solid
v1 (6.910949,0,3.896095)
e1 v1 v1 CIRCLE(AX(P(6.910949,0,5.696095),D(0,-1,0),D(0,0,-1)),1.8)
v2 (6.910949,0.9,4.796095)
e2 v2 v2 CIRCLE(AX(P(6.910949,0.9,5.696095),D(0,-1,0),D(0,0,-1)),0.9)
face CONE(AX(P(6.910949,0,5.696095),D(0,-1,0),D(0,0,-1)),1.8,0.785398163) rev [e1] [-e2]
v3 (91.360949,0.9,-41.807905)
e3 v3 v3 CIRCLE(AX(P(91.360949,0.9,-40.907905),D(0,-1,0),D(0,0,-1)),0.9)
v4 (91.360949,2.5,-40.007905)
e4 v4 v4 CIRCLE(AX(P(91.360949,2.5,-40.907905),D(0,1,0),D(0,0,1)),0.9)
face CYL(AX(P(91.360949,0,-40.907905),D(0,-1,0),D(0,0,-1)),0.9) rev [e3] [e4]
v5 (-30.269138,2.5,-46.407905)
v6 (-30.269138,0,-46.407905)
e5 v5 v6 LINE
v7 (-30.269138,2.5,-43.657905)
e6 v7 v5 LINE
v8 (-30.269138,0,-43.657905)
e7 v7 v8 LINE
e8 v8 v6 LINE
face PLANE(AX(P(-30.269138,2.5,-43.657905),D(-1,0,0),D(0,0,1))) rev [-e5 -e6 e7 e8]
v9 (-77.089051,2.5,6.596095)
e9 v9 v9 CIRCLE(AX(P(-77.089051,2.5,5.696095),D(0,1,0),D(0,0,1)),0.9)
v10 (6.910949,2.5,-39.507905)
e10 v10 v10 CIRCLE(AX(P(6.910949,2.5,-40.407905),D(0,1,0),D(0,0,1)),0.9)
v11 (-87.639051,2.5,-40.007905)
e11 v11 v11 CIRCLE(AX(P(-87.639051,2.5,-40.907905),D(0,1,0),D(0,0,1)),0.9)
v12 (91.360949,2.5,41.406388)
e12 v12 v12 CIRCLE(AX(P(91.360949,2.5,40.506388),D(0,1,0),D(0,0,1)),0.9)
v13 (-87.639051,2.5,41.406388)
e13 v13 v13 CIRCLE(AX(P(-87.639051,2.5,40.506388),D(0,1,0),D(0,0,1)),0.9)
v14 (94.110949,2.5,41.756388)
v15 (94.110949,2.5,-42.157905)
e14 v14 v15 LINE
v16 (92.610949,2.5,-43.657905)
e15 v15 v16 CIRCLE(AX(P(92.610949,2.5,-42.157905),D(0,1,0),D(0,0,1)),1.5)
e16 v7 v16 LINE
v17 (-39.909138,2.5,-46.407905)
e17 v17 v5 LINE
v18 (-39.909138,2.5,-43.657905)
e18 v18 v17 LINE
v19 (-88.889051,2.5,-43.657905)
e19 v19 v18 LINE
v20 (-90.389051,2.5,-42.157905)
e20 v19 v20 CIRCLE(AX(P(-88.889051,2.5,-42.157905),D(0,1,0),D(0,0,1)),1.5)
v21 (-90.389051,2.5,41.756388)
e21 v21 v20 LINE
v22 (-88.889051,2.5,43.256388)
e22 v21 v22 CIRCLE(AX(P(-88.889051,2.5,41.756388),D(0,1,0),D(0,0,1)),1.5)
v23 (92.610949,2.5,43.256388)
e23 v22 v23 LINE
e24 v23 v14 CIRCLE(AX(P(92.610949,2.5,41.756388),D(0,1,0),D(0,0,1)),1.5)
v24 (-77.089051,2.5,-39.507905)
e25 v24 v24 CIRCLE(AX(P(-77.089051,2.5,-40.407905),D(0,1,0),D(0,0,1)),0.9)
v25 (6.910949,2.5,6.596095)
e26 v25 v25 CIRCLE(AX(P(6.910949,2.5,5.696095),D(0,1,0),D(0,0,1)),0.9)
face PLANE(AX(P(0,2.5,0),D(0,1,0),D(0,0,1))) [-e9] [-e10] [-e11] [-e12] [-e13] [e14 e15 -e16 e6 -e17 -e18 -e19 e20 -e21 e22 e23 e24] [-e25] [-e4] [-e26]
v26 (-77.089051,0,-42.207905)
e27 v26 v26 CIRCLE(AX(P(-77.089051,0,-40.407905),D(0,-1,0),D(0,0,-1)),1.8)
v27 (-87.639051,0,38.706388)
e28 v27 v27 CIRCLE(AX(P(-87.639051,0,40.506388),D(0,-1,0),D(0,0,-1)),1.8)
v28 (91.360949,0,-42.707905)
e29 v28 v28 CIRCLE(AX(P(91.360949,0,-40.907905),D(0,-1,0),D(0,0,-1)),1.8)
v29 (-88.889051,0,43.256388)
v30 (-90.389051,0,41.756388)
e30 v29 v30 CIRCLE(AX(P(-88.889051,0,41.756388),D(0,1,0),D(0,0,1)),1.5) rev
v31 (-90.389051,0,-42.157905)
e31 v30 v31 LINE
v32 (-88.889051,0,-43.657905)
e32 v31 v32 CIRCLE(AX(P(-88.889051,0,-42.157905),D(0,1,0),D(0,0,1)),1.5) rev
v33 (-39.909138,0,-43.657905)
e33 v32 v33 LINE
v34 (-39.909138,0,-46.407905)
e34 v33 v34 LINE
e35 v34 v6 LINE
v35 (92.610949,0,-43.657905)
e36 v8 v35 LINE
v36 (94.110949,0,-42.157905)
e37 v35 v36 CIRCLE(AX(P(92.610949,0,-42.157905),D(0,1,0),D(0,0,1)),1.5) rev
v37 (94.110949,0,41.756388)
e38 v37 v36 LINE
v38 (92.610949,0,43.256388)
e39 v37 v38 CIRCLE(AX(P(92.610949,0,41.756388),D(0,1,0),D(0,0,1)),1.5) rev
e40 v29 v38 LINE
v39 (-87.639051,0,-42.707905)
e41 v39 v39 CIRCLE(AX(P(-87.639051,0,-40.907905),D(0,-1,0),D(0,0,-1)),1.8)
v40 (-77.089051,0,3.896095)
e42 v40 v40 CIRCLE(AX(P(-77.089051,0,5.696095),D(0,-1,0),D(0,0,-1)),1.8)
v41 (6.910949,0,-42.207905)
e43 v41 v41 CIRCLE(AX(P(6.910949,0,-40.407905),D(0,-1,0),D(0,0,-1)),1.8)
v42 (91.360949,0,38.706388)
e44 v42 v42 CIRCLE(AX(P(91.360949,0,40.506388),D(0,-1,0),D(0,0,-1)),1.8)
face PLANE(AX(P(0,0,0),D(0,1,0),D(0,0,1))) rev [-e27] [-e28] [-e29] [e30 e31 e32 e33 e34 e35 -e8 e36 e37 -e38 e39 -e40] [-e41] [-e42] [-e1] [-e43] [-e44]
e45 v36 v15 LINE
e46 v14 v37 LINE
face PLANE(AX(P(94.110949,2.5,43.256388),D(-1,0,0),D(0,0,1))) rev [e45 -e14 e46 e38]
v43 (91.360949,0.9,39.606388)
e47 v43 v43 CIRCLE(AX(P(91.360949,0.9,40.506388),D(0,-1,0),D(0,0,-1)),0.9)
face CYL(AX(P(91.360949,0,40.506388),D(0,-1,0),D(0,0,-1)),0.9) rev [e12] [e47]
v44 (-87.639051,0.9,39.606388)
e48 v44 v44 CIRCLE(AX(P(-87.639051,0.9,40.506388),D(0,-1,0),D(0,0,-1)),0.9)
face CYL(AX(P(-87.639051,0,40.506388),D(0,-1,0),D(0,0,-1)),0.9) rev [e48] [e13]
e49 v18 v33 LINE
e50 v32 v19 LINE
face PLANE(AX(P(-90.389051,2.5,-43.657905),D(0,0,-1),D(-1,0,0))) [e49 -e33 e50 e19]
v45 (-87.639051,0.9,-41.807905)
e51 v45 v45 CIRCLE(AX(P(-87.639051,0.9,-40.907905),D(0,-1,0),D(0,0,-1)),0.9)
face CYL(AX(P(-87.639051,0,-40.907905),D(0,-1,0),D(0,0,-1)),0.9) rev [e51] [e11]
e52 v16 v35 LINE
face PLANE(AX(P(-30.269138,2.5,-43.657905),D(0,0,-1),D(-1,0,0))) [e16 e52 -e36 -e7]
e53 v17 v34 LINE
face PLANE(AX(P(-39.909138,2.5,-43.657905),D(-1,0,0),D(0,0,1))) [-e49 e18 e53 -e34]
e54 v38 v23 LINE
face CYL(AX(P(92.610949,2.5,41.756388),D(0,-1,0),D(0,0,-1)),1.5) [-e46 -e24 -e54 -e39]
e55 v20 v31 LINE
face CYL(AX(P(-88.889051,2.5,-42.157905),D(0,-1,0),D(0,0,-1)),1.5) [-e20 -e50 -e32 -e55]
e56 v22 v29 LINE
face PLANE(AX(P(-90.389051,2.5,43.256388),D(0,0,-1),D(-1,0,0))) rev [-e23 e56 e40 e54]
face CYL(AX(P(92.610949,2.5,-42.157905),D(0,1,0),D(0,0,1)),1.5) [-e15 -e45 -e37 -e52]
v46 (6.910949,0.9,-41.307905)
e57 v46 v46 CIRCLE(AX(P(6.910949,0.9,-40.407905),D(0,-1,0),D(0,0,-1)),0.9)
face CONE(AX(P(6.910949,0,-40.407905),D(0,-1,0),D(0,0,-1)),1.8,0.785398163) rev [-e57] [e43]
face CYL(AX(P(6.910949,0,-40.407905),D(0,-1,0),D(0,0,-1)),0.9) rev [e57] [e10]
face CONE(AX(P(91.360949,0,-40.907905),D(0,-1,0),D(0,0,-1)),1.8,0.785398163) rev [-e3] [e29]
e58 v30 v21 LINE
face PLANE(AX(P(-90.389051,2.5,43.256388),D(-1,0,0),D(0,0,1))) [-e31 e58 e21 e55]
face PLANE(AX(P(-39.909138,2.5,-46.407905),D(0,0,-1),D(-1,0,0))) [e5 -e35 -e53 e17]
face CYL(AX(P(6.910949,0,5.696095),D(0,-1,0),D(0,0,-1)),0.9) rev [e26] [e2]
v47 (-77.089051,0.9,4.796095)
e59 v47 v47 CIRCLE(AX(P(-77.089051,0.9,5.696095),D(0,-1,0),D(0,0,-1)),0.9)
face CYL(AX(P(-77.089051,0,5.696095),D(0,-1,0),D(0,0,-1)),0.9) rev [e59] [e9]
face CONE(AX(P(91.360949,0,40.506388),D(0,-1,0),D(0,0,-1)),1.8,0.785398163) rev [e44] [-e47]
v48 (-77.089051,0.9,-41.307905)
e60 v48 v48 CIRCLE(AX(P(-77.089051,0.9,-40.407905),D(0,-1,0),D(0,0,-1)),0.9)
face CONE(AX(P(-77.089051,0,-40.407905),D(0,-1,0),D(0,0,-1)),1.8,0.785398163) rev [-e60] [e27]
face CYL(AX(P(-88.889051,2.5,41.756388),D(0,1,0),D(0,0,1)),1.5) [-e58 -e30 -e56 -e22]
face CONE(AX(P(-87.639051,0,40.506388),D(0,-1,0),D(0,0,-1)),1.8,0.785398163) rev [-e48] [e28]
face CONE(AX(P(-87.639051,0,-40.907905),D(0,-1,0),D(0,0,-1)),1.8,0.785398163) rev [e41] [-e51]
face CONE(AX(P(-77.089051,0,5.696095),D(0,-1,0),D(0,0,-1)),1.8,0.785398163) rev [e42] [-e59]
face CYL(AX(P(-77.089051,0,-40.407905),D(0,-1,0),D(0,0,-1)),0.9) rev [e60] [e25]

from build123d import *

# Parameters (mm, degrees)
SALIENTE_EXTRUIR1_DEPTH                              = 2.5
REDONDEO1_R                                          = 1.5
CSK_FOR_M1_6_COUNTERSUNK_FLAT_HEAD_SCREW_D           = 1.8
CSK_FOR_M1_6_COUNTERSUNK_FLAT_HEAD_SCREW_CSINK_D     = 3.6
CSK_FOR_M1_6_COUNTERSUNK_FLAT_HEAD_SCREW_CSINK_ANGLE = 90


with BuildPart() as part:
    # Croquis1 → Saliente-Extruir1 (new body)
    with BuildSketch(Plane(origin=(0, 0, 0), x_dir=(1, 0, 0), z_dir=(0, 1, 0))):
        Polygon((-90.389050604, -43.256388366), (94.110949396, -43.256388366), (94.110949396, 43.657904704), (-30.269137665, 43.657904704), (-30.269137665, 46.407904704), (-39.909137665, 46.407904704), (-39.909137665, 43.657904704), (-90.389050604, 43.657904704), align=None)
    extrude(amount=SALIENTE_EXTRUIR1_DEPTH)

    # Redondeo1
    redondeo1_edges = [part.edges().sort_by_distance(p)[0] for p in [
        (-90.389050604, 1.25, 43.256388366),
        (-90.389050604, 1.25, -43.657904704),
        (94.110949396, 1.25, -43.657904704),
        (94.110949396, 1.25, 43.256388366),
    ]]
    fillet(redondeo1_edges, radius=REDONDEO1_R)

    # CSK for M1.6 Countersunk Flat Head Screw1 (through all)
    with Locations(Plane(origin=(-87.639050604, 0, 40.506388366), x_dir=(0, 0, -1), z_dir=(0, -1, 0))):
        with Locations((0, 0), (0, 179), (81.41429307, 179), (81.41429307, 0), (34.81029307, 10.55), (34.81029307, 94.55), (80.91429307, 94.55), (80.91429307, 10.55)):
            CounterSinkHole(CSK_FOR_M1_6_COUNTERSUNK_FLAT_HEAD_SCREW_D / 2, CSK_FOR_M1_6_COUNTERSUNK_FLAT_HEAD_SCREW_CSINK_D / 2, counter_sink_angle=CSK_FOR_M1_6_COUNTERSUNK_FLAT_HEAD_SCREW_CSINK_ANGLE)


solid = part.part
